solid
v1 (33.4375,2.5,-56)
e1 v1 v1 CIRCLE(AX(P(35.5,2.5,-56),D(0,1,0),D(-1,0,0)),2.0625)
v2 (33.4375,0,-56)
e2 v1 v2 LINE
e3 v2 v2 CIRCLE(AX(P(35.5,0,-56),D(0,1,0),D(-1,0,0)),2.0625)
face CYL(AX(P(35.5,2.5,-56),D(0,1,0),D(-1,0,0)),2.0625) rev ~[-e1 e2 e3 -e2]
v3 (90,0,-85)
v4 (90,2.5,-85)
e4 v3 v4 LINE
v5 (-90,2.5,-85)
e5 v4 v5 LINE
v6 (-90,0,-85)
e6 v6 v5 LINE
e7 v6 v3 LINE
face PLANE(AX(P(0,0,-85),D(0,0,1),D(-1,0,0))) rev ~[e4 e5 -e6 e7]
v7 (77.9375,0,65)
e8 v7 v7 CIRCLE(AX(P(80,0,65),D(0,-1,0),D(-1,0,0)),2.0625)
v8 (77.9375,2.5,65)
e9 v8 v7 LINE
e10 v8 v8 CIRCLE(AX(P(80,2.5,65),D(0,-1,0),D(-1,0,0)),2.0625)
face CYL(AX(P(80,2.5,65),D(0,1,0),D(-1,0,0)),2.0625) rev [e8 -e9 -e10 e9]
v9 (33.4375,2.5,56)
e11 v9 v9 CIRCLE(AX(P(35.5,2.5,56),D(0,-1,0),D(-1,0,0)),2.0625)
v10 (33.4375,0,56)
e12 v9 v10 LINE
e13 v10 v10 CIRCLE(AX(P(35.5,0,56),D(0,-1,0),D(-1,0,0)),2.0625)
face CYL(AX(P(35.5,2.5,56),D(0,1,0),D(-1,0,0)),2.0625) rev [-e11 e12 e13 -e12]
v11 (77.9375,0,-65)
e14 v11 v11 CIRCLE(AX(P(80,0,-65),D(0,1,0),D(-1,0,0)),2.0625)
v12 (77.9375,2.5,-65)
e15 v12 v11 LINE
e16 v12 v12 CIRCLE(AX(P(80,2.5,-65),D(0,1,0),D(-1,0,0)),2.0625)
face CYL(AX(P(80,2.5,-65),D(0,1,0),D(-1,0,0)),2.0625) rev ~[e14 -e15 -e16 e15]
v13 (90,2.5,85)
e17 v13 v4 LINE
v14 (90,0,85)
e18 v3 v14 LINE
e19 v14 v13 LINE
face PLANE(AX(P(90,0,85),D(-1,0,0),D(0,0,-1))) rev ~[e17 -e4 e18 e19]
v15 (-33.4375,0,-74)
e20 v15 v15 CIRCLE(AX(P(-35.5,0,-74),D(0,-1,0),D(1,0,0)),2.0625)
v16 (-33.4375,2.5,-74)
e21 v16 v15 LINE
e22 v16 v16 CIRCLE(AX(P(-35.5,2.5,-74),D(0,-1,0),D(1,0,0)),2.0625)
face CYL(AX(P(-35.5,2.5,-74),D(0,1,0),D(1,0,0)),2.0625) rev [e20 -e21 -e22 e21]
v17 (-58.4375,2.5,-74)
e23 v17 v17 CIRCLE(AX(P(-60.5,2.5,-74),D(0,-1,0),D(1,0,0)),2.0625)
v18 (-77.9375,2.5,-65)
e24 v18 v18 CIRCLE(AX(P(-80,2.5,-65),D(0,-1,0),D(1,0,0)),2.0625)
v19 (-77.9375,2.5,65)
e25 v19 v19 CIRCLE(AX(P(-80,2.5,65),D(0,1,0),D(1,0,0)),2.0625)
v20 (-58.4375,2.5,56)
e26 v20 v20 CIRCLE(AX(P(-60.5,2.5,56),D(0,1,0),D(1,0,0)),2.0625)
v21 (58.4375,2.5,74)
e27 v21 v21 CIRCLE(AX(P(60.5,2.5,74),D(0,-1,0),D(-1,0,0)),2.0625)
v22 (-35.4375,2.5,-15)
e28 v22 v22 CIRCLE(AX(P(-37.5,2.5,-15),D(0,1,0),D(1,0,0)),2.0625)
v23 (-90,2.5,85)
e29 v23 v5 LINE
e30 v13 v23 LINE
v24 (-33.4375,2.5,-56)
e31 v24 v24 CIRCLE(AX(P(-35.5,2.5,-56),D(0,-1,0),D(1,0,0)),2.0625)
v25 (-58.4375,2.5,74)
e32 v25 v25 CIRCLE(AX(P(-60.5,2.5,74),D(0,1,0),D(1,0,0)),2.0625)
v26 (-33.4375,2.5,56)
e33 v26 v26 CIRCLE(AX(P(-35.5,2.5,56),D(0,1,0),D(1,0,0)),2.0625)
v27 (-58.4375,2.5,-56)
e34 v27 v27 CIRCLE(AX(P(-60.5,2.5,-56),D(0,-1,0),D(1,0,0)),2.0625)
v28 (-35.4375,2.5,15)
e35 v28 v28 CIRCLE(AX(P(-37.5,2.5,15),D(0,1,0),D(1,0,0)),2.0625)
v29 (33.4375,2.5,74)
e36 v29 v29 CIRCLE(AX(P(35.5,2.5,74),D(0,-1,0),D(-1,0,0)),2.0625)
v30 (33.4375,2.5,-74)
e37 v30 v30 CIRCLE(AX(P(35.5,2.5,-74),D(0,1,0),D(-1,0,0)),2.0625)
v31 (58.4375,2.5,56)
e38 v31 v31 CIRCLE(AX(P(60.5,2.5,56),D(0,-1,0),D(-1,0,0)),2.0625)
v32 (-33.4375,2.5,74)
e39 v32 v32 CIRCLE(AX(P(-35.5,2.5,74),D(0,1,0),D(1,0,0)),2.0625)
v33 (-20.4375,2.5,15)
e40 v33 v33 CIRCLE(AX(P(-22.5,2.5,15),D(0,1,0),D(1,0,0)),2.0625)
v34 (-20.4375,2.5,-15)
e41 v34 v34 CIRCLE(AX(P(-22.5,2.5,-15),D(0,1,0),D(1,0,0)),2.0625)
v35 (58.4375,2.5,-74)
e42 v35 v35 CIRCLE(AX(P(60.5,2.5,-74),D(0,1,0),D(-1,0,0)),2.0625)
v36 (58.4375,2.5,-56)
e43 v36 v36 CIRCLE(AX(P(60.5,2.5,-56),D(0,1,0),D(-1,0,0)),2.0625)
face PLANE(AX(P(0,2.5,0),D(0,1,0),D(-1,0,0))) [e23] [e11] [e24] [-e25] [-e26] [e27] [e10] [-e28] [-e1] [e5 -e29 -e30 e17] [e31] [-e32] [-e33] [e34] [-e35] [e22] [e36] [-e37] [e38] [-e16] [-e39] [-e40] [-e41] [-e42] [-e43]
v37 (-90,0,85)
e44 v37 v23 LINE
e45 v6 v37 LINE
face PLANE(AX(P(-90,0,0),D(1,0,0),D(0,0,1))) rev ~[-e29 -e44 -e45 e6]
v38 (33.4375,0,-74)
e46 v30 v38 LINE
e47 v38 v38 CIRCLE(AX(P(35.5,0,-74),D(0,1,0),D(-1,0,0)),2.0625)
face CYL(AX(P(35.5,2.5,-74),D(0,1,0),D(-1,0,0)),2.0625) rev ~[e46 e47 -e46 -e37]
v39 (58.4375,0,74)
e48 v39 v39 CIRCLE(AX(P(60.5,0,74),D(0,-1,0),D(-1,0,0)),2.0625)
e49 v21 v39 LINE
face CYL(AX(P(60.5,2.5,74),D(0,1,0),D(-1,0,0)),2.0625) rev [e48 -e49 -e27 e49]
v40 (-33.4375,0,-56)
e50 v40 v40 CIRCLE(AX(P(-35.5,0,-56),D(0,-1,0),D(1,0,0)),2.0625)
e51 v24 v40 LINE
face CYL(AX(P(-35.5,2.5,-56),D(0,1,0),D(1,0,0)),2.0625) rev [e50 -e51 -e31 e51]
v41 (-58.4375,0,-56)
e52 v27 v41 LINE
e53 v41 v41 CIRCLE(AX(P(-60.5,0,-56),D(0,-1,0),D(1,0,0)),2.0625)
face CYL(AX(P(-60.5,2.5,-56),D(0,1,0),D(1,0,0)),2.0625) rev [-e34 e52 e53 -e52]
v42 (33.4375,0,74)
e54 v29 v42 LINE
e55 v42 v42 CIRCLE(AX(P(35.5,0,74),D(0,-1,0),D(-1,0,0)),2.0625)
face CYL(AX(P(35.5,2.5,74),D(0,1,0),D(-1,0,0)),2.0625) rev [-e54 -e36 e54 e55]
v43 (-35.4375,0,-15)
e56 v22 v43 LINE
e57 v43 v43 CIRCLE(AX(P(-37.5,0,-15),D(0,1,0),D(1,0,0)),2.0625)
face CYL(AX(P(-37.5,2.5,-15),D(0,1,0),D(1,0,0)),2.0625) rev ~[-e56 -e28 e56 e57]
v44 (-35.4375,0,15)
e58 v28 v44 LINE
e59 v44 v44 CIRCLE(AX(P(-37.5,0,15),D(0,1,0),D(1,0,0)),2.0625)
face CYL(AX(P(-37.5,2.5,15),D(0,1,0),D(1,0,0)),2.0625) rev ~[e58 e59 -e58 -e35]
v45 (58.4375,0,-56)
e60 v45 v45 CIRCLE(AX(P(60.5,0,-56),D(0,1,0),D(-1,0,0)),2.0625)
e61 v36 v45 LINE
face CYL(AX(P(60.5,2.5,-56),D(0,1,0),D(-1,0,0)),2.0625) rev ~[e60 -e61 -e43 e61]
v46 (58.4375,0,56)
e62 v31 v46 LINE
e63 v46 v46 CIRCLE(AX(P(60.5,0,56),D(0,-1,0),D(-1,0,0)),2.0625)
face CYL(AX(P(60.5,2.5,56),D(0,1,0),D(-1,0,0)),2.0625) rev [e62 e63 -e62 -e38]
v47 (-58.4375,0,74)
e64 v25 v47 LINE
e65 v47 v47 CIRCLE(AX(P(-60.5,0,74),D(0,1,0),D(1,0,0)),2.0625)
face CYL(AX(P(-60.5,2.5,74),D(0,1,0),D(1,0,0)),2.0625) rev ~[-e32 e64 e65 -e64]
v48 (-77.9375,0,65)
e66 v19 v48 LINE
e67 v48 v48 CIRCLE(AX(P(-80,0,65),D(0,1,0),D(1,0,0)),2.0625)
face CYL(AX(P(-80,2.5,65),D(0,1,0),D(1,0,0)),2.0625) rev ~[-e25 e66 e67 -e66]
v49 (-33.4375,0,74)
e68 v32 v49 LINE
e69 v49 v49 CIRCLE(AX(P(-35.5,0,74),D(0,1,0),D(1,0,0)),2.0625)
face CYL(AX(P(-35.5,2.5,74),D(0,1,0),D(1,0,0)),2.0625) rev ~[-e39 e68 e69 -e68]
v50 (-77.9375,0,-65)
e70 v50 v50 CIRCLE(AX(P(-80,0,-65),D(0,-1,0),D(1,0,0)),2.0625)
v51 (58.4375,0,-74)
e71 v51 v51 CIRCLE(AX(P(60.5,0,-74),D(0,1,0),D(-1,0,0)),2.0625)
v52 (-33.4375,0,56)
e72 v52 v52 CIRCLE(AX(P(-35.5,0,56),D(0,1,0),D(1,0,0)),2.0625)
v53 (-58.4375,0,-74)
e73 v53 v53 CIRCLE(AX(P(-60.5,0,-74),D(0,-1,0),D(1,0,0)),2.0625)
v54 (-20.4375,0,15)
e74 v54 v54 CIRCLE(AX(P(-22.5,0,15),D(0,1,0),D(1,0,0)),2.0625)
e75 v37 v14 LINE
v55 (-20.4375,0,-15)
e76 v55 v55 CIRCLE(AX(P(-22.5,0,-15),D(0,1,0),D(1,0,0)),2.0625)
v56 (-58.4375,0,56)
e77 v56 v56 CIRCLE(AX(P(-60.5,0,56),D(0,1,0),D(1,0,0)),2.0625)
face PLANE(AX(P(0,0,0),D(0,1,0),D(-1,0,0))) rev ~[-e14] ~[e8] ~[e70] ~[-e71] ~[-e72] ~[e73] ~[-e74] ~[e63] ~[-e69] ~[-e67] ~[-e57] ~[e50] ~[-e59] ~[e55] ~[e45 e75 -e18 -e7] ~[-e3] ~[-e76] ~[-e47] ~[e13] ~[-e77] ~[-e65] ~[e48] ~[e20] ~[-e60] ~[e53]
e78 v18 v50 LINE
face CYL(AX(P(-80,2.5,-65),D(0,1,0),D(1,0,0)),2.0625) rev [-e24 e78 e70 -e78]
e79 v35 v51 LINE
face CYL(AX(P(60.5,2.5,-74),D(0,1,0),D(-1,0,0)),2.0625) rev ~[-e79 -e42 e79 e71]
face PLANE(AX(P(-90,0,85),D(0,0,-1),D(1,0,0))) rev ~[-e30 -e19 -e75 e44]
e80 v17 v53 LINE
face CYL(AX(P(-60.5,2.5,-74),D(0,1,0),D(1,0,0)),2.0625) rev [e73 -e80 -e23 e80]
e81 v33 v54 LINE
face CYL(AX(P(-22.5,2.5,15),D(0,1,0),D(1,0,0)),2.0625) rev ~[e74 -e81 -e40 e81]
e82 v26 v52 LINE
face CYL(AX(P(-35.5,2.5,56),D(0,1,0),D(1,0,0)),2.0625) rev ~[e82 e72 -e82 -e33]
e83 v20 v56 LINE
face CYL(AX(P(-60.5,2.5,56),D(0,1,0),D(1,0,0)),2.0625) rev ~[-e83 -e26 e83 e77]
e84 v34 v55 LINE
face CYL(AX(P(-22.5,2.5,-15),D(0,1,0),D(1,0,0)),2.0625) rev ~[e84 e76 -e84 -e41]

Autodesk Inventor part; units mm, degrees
ref_plane "YZ Plane" through (0, 0, 0) normal (1, 0, 0) x (0, 1, 0)
ref_plane "XZ Plane" through (0, 0, 0) normal (0, 1, 0) x (-1, 0, 0)
ref_plane "XY Plane" through (0, 0, 0) normal (0, 0, 1) x (1, 0, 0)
sketch "Sketch1" plane through (0, 0, 0) normal (0, 1, 0) x (-1, 0, 0)
  line L0 (90, 85) -> (-90, 85)
  line L1 (-90, 85) -> (-90, -85)
  line L2 (-90, -85) -> (90, -85)
  line L3 (90, -85) -> (90, 85)
  line L4 (0, -119) -> (0, 119) projected
  line L5 (-126, 0) -> (126, 0) projected
  point P0 (0, 0)
  dimension "Length" = 170
  dimension "Width" = 180
extrude "Extrusion1" add sketch "Sketch1" along normal blind 2.5
sketch "Sketch2" plane through (0, 2.5, 0) normal (0, 1, 0) x (1, 0, 0)
  circle A0 centre (-60.5, -74) radius 2.0625
  circle A1 centre (-60.5, -56) radius 2.0625
  circle A2 centre (-35.5, -74) radius 2.0625
  circle A3 centre (-35.5, -56) radius 2.0625
  line L0 (-60.5, -74) -> (-60.5, -56) construction
  line L1 (-60.5, -56) -> (-35.5, -56) construction
  line L2 (-35.5, -56) -> (-35.5, -74) construction
  line L3 (-35.5, -74) -> (-60.5, -74) construction
  line L4 (-90, 85) -> (-90, -85) construction
  line L5 (-90, -85) -> (90, -85) construction
  circle A4 centre (-80, -65) radius 2.0625
  point P0 (0, 0)
  dimension "d4" = 4.125
  dimension "d5" = 18
  dimension "d6" = 25
  dimension "d7" = 29.5
  dimension "d8" = 11
  dimension "d9" = 4.125
  dimension "d10" = 10
  dimension "d11" = 20
extrude "Extrusion2" cut sketch "Sketch2" against normal up to next
mirror "Mirror1" about plane through (0, 0, 0) normal (0, 0, 1) of "Extrusion2"
mirror "Mirror2" about plane through (0, 0, 0) normal (1, 0, 0) of "Extrusion2", "Mirror1"
sketch "Sketch3" plane through (0, 2.5, 0) normal (0, 1, 0) x (1, 0, 0)
  circle A0 centre (-37.5, -15) radius 2.0625
  circle A1 centre (-37.5, 15) radius 2.0625
  circle A2 centre (-22.5, -15) radius 2.0625
  circle A3 centre (-22.5, 15) radius 2.0625
  line L0 (-22.5, 15) -> (-37.5, 15) construction
  line L1 (-37.5, 15) -> (-37.5, -15) construction
  line L2 (-37.5, -15) -> (-22.5, -15) construction
  line L3 (-22.5, -15) -> (-22.5, 15) construction
  line L4 (-22.5, 15) -> (-37.5, -15) construction
  line L5 (-37.5, 15) -> (-22.5, -15) construction
  line L6 (-90, 85) -> (-90, -85) construction
  line L7 (144.445, 0) -> (-144.445, 0) construction
  point P0 (0, 0)
  point P1 (-30, 0)
  point P2 (-30, 0)
  dimension "d14" = 30
  dimension "d15" = 4.125
  dimension "d16" = 15
  dimension "d17" = 60
extrude "Extrusion3" cut sketch "Sketch3" against normal up to next
properties part number "Base Plate" material "Aluminum 6061"
